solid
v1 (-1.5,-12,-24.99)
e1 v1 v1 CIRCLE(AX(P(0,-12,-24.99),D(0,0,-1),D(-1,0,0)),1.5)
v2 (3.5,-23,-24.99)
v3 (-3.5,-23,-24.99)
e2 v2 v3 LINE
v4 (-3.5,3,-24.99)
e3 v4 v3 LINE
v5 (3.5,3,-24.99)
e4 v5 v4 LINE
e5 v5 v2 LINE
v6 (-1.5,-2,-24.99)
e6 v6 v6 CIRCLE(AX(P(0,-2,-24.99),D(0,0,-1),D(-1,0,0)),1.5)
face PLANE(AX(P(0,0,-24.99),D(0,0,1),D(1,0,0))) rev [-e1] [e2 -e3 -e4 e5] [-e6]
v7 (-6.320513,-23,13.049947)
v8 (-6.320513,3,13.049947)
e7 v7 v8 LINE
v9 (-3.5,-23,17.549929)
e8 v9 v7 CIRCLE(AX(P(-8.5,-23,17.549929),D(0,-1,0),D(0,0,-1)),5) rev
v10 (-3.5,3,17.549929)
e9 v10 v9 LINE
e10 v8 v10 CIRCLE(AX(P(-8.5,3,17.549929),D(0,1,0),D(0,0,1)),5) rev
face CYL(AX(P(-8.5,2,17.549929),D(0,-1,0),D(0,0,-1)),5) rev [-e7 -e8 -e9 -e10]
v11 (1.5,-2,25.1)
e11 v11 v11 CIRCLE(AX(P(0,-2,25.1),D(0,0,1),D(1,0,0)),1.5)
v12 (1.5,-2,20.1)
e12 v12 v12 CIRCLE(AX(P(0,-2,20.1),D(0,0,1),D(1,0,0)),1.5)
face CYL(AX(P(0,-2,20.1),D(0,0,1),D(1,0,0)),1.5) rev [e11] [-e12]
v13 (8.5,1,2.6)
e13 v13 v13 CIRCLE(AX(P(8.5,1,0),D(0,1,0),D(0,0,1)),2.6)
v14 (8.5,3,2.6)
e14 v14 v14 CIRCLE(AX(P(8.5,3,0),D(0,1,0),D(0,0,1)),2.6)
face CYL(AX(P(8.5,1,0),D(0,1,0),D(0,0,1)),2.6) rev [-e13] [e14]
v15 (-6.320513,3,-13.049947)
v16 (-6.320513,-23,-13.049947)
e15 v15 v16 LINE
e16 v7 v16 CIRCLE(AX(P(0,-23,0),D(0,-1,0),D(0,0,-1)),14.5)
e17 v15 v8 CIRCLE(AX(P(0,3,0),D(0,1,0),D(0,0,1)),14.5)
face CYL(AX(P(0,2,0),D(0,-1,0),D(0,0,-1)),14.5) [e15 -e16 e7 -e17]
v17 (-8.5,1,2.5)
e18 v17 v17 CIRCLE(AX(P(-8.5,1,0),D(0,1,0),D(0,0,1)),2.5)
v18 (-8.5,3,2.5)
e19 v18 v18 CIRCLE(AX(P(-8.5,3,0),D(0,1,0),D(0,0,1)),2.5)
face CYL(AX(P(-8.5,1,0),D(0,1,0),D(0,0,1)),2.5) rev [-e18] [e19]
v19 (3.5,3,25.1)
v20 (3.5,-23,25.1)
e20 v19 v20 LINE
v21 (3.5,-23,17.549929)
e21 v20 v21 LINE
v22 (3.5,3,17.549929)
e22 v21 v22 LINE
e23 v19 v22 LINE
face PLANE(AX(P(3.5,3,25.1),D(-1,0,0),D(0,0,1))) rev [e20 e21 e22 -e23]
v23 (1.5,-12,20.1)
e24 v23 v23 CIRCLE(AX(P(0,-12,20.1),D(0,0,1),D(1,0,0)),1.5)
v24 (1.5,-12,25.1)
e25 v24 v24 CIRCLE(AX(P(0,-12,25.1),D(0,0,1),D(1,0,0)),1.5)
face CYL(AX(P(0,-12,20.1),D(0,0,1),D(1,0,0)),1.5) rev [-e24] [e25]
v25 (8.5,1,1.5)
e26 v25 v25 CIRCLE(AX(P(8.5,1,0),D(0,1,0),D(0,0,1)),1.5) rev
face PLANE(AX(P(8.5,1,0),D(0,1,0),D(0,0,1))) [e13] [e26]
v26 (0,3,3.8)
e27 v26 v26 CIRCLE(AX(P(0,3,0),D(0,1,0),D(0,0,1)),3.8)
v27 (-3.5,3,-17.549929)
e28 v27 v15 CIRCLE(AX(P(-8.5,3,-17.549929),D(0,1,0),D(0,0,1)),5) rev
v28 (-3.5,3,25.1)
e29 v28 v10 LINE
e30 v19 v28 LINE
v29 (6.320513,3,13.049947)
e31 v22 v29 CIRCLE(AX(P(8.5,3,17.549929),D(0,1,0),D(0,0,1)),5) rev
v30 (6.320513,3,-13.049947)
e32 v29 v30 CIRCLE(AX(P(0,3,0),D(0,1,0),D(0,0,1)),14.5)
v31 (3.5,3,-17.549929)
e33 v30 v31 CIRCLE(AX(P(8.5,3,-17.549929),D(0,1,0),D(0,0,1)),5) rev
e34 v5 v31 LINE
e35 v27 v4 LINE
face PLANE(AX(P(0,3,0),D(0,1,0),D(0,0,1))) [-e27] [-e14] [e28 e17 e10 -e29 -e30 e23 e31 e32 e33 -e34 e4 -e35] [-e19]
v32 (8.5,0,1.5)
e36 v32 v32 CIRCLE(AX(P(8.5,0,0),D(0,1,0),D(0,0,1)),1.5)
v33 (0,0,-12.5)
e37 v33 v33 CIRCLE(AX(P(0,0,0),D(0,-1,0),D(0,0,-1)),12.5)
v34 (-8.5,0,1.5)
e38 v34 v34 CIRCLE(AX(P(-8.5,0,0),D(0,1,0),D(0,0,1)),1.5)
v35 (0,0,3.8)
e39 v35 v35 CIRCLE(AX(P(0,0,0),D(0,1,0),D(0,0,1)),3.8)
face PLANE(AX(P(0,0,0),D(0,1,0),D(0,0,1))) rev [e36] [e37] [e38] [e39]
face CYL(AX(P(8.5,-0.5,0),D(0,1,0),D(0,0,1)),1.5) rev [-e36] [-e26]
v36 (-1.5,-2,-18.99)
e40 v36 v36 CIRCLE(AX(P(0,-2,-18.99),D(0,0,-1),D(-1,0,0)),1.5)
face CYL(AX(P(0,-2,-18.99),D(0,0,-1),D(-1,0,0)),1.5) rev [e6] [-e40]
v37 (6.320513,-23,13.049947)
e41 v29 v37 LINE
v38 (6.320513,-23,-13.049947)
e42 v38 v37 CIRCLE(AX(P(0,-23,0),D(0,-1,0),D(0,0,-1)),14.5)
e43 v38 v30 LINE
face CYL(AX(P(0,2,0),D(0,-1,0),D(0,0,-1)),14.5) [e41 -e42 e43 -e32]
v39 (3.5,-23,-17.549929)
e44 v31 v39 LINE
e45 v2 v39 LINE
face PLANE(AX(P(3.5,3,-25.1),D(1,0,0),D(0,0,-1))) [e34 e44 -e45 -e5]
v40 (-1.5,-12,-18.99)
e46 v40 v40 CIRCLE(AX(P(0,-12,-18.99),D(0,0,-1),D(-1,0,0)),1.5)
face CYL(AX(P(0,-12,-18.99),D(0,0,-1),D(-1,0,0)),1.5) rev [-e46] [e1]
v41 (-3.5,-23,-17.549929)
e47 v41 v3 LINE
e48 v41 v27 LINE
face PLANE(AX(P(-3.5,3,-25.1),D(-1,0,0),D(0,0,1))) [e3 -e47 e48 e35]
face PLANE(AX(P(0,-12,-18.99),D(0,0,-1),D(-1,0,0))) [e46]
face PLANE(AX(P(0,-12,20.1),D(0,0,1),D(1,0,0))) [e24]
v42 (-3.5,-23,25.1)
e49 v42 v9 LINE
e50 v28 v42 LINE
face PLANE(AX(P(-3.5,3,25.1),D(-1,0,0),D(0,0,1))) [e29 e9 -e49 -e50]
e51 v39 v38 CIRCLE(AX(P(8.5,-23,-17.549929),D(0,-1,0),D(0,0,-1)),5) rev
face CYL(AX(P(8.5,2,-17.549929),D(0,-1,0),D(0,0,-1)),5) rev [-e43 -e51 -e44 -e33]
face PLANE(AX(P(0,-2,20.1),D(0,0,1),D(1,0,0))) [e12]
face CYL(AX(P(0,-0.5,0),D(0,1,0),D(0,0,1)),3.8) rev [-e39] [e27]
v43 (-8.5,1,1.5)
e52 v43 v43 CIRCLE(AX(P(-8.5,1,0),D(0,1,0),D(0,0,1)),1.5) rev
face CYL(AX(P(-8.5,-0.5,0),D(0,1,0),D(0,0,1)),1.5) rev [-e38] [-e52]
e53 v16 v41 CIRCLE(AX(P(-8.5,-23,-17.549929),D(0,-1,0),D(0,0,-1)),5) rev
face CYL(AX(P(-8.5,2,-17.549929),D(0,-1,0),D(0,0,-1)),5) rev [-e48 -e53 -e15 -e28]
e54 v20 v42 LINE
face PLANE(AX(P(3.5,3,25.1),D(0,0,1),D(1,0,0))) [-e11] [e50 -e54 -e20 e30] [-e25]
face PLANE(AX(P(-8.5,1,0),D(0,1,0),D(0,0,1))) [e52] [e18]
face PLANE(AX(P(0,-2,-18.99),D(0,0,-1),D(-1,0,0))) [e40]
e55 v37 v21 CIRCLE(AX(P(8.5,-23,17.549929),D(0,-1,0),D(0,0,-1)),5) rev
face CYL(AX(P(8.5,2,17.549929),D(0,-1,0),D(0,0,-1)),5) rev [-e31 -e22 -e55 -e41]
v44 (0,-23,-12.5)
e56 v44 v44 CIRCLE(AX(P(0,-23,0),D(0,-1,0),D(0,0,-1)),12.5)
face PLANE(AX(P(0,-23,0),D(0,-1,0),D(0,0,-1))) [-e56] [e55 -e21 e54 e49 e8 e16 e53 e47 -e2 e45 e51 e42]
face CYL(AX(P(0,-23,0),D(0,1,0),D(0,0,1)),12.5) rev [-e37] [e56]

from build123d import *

# Parameters (mm, degrees)
SKETCH1_R           = 14.5
BOSS_EXTRUDE1_DEPTH = 2
SKETCH2_R           = 3.8
SKETCH2_R_2         = 1.5
CUT_EXTRUDE1_DEPTH  = 2.5
SKETCH3_R           = 14.5
SKETCH3_R_2         = 12.5
BOSS_EXTRUDE2_DEPTH = 23
SKETCH4_R           = 14.5
SKETCH4_R_2         = 3.8
SKETCH4_R_3         = 1.5
BOSS_EXTRUDE3_DEPTH = 1
SKETCH5_R           = 2.6
SKETCH5_R_2         = 2.5
CUT_EXTRUDE2_DEPTH  = 2
BOSS_EXTRUDE4_DEPTH = 26
SKETCH14_W          = 7
SKETCH14_H          = 26
CUT_EXTRUDE3_DEPTH  = 0.11
SKETCH16_R          = 1.5
CUT_EXTRUDE4_DEPTH  = 6
BOSS_EXTRUDE5_DEPTH = 26
SKETCH19_R          = 1.5
CUT_EXTRUDE5_DEPTH  = 5
FILLET1_R           = 5


with BuildPart() as part:
    # Sketch1 → Boss-Extrude1 (new body)
    with BuildSketch(Plane(origin=(0, 0, 0), x_dir=(1, 0, 0), z_dir=(0, 1, 0))):
        Circle(SKETCH1_R)
    extrude(amount=BOSS_EXTRUDE1_DEPTH)

    # Sketch2 → Cut-Extrude1 (cut)
    with BuildSketch(Plane(origin=(0, 2, 0), x_dir=(1, 0, 0), z_dir=(0, 1, 0))):
        Circle(SKETCH2_R)
        with Locations((-8.5, 0)):
            Circle(SKETCH2_R_2)
        with Locations((8.5, 0)):
            Circle(SKETCH2_R_2)
    extrude(amount=-CUT_EXTRUDE1_DEPTH, mode=Mode.SUBTRACT)

    # Sketch3 → Boss-Extrude2 (add)
    with BuildSketch(Plane.XZ):
        Circle(SKETCH3_R)
        Circle(SKETCH3_R_2, mode=Mode.SUBTRACT)
    extrude(amount=BOSS_EXTRUDE2_DEPTH)

    # Sketch4 → Boss-Extrude3 (add)
    with BuildSketch(Plane(origin=(0, 2, 0), x_dir=(1, 0, 0), z_dir=(0, 1, 0))):
        Circle(SKETCH4_R)
        Circle(SKETCH4_R_2, mode=Mode.SUBTRACT)
        with Locations((8.5, 0)):
            Circle(SKETCH4_R_3, mode=Mode.SUBTRACT)
        with Locations((-8.5, 0)):
            Circle(SKETCH4_R_3, mode=Mode.SUBTRACT)
    extrude(amount=BOSS_EXTRUDE3_DEPTH)

    # Sketch5 → Cut-Extrude2 (cut)
    with BuildSketch(Plane(origin=(0, 3, 0), x_dir=(1, 0, 0), z_dir=(0, 1, 0))):
        with Locations((8.5, 0)):
            Circle(SKETCH5_R)
        with Locations((-8.5, 0)):
            Circle(SKETCH5_R_2)
    extrude(amount=-CUT_EXTRUDE2_DEPTH, mode=Mode.SUBTRACT)

    # Sketch12 → Boss-Extrude4 (add)
    with BuildSketch(Plane.XZ.offset(23)):
        with BuildLine():
            Line((3.5, -25.1), (-3.5, -25.1))
            Line((-3.5, -25.1), (-3.5, -14.071247279))
            ThreePointArc((-3.5, -14.071247279), (0, -14.5), (3.5, -14.071247279))
            Line((3.5, -14.071247279), (3.5, -25.1))
        make_face()
    extrude(amount=-BOSS_EXTRUDE4_DEPTH)

    # Sketch14 → Cut-Extrude3 (cut)
    with BuildSketch(Plane(origin=(0, 0, -25.1), x_dir=(-1, 0, 0), z_dir=(0, 0, -1))):
        with Locations((0, -10)):
            Rectangle(SKETCH14_W, SKETCH14_H)
    extrude(amount=-CUT_EXTRUDE3_DEPTH, mode=Mode.SUBTRACT)

    # Sketch16 → Cut-Extrude4 (cut)
    with BuildSketch(Plane(origin=(0, 0, -24.99), x_dir=(-1, 0, 0), z_dir=(0, 0, -1))):
        with Locations((0, -2)):
            Circle(SKETCH16_R)
        with Locations((0, -12)):
            Circle(SKETCH16_R)
    extrude(amount=-CUT_EXTRUDE4_DEPTH, mode=Mode.SUBTRACT)

    # Sketch18 → Boss-Extrude5 (add, through all)
    with BuildSketch(Plane.XZ.offset(23)):
        with BuildLine():
            Line((3.5, 25.1), (-3.5, 25.1))
            Line((-3.5, 25.1), (-3.5, 14.071247279))
            ThreePointArc((-3.5, 14.071247279), (0, 14.5), (3.5, 14.071247279))
            Line((3.5, 14.071247279), (3.5, 25.1))
        make_face()
    extrude(amount=-BOSS_EXTRUDE5_DEPTH)

    # Sketch19 → Cut-Extrude5 (cut)
    with BuildSketch(Plane.XY.offset(25.1)):
        with Locations((0, -2)):
            Circle(SKETCH19_R)
        with Locations((0, -12)):
            Circle(SKETCH19_R)
    extrude(amount=-CUT_EXTRUDE5_DEPTH, mode=Mode.SUBTRACT)

    # Fillet1
    fillet1_edges = [part.edges().sort_by_distance(p)[0] for p in [
        (-3.5, -10, -14.071247279),
        (3.5, -10, -14.071247279),
        (3.5, -10, 14.071247279),
        (-3.5, -10, 14.071247279),
    ]]
    fillet(fillet1_edges, radius=FILLET1_R)


solid = part.part
